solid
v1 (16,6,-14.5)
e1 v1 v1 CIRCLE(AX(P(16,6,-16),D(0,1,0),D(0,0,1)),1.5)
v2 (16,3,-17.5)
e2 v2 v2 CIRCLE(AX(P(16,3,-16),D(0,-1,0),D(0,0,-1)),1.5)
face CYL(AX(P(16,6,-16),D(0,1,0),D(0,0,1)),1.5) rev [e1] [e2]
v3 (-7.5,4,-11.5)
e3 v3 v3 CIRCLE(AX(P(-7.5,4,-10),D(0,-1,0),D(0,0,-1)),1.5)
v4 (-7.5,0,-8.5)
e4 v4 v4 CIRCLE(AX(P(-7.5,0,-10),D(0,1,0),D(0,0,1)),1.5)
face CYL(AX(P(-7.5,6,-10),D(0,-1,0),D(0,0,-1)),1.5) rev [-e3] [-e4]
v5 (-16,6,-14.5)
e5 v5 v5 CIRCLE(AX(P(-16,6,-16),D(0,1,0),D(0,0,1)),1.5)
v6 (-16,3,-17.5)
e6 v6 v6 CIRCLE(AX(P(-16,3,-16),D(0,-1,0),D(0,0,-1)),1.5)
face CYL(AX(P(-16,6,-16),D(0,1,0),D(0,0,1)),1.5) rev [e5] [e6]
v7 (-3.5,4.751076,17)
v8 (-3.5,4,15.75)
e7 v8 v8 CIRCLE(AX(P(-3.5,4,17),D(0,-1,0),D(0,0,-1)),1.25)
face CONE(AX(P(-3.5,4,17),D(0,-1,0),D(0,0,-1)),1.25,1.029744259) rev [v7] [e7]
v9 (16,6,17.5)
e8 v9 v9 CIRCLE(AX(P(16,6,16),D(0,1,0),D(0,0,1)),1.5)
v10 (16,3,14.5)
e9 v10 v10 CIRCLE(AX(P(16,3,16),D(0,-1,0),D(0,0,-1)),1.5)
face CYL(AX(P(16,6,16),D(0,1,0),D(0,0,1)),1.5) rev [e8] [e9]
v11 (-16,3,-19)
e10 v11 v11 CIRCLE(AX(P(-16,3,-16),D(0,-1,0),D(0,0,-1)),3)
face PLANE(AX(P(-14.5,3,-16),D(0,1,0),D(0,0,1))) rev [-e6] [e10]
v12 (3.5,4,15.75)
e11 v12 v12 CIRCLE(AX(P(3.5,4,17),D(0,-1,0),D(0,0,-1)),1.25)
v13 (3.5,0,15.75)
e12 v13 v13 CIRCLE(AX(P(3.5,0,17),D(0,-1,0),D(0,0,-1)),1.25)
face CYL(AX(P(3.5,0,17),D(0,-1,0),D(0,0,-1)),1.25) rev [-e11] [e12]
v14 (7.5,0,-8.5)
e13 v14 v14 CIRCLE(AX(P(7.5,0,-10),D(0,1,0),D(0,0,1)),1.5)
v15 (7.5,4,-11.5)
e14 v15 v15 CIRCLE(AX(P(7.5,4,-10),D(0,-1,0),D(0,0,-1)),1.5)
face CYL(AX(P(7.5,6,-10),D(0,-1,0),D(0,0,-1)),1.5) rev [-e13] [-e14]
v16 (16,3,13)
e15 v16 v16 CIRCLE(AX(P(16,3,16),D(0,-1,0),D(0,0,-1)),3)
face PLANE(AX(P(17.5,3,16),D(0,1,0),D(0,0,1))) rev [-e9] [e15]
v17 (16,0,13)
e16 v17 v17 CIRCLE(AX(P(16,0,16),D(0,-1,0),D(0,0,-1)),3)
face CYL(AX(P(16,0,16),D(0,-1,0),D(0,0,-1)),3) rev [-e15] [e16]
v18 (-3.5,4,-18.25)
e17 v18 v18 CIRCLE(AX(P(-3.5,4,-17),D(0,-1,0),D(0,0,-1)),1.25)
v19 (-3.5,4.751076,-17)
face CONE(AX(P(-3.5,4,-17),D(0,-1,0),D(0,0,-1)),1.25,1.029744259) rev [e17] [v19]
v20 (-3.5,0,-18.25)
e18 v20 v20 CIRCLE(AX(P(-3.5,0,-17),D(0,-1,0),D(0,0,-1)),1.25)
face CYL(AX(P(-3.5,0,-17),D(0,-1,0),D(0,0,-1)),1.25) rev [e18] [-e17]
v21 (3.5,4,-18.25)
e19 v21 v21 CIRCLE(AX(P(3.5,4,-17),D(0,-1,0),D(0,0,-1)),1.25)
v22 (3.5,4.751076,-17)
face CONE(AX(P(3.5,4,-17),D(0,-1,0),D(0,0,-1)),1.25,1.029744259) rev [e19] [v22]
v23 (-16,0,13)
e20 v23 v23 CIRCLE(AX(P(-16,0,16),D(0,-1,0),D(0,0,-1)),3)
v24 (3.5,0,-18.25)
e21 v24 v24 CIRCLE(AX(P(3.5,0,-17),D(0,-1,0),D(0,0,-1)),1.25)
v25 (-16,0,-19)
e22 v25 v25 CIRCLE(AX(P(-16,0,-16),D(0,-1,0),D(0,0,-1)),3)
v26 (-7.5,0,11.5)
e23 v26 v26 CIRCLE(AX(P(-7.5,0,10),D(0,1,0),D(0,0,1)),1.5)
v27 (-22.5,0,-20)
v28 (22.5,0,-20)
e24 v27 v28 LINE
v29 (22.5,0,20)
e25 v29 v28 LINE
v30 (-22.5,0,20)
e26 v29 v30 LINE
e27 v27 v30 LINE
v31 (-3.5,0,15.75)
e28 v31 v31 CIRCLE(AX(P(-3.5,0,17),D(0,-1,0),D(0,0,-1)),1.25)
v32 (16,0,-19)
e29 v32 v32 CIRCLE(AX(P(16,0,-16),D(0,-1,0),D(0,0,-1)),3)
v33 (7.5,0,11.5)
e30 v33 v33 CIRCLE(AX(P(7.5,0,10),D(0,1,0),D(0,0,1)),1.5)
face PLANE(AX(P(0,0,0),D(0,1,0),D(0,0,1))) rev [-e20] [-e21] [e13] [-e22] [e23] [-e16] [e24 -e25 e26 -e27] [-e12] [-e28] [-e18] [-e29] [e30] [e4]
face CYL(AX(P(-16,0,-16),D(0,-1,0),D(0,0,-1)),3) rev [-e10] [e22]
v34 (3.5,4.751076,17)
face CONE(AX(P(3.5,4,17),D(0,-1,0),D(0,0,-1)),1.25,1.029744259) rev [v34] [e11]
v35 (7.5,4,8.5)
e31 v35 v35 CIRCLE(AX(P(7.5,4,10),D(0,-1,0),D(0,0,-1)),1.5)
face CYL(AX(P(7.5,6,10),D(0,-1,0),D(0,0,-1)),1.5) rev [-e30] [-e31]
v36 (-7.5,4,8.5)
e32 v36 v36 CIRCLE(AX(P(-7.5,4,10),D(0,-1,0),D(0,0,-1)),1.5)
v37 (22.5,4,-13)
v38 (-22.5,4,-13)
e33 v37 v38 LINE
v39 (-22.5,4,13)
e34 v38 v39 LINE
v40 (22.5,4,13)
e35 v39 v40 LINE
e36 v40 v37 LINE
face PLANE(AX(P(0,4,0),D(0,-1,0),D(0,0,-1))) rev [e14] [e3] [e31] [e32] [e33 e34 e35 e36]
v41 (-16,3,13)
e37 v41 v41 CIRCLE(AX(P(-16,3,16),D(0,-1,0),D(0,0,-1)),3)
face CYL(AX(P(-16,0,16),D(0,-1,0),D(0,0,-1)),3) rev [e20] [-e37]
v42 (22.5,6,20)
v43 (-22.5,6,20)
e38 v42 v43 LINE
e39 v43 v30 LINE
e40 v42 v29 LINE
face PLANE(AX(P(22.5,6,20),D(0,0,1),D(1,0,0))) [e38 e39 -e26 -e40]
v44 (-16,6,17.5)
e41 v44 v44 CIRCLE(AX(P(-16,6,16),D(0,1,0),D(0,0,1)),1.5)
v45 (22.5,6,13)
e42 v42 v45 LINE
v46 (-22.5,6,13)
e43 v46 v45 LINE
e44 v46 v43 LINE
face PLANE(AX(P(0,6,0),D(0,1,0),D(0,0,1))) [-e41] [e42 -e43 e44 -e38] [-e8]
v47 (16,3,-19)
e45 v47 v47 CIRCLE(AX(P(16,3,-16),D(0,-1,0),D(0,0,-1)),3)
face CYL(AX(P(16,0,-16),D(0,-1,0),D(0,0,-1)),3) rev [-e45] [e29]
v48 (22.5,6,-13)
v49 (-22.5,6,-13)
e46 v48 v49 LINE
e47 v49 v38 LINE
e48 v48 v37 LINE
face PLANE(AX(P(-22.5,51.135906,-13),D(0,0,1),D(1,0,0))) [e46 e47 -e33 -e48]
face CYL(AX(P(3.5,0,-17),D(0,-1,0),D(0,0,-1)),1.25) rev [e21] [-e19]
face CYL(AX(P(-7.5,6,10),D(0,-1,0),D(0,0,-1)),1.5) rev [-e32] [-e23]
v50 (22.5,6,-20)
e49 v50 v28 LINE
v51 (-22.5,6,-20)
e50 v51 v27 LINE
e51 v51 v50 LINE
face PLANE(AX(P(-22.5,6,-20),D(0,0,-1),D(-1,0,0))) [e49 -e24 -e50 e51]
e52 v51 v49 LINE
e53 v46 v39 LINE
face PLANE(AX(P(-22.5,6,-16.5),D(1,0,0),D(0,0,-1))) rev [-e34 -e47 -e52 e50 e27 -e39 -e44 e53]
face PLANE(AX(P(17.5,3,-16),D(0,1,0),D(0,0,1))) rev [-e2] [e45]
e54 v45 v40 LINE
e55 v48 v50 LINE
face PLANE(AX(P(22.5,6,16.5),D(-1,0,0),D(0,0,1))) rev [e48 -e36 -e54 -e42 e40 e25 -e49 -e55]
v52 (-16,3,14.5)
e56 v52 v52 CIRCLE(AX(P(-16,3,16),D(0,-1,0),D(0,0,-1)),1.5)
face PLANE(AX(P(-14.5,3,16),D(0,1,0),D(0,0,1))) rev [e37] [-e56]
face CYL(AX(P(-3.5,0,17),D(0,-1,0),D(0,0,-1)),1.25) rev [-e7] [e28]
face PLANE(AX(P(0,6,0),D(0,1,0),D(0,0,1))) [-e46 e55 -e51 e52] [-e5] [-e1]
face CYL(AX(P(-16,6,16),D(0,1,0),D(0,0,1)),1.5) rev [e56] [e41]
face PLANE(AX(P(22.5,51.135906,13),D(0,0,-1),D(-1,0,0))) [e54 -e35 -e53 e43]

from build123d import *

# Parameters (mm, degrees)
SKETCH_2_W                = 45
SKETCH_2_H                = 33
SKETCH_2_R                = 1.5
EXTRUDE_1_DEPTH           = 6
SKETCH_3_W                = 45
SKETCH_3_H                = 3.5
EXTRUDE_2_DEPTH           = 6
SKETCH_20_W               = 45
SKETCH_20_H               = 27.5
CUT_EXTRUDE_5_DEPTH       = 2
EXTRUDE_START             = -2
SKETCH_21_W               = 45
SKETCH_21_H               = 3.5
EXTRUDE_3_DEPTH           = 2
HOLE_WIZARD_3_0_3_1_D     = 3
HOLE_WIZARD_3_0_3_1_DEPTH = 6
HOLE_WIZARD_M3_2_D        = 2.5
HOLE_WIZARD_M3_2_DEPTH    = 4
HOLE_WIZARD_M3_2_TIP      = 0.751075774
HOLE_WIZARD_1_D           = 3
HOLE_WIZARD_1_DEPTH       = 6
HOLE_WIZARD_1_CBORE_D     = 6
HOLE_WIZARD_1_CBORE_DEPTH = 3


with BuildPart() as part:
    # 草图2 → 凸台-拉伸1 (new body)
    with BuildSketch(Plane(origin=(0, 0, 0), x_dir=(1, 0, 0), z_dir=(0, 1, 0))):
        Rectangle(SKETCH_2_W, SKETCH_2_H)
        with Locations((-7.5, 10)):
            Circle(SKETCH_2_R, mode=Mode.SUBTRACT)
        with Locations((7.5, 10)):
            Circle(SKETCH_2_R, mode=Mode.SUBTRACT)
        with Locations((-7.5, -10)):
            Circle(SKETCH_2_R, mode=Mode.SUBTRACT)
        with Locations((7.5, -10)):
            Circle(SKETCH_2_R, mode=Mode.SUBTRACT)
    extrude(amount=EXTRUDE_1_DEPTH)

    # 草图3 → 凸台-拉伸2 (add)
    with BuildSketch(Plane.XZ):
        with Locations((0, -18.25)):
            Rectangle(SKETCH_3_W, SKETCH_3_H)
        with Locations((0, 18.25)):
            Rectangle(SKETCH_3_W, SKETCH_3_H)
    extrude(amount=-EXTRUDE_2_DEPTH)

    # 草图20 → 切除-拉伸5 (cut)
    with BuildSketch(Plane(origin=(0, 6, 0), x_dir=(1, 0, 0), z_dir=(0, 1, 0))):
        Rectangle(SKETCH_20_W, SKETCH_20_H)
    extrude(amount=-CUT_EXTRUDE_5_DEPTH, mode=Mode.SUBTRACT)

    # 草图21 → 凸台-拉伸3 (add)
    with BuildSketch(Plane.XZ.offset(-4).offset(EXTRUDE_START)):
        with Locations((0, -14.75)):
            Rectangle(SKETCH_21_W, SKETCH_21_H)
        with Locations((0, 14.75)):
            Rectangle(SKETCH_21_W, SKETCH_21_H)
    extrude(amount=EXTRUDE_3_DEPTH)

    # Ø3.0 (3) 直径孔1
    with Locations(Plane(origin=(0, 6, 0), x_dir=(1, 0, 0), z_dir=(0, 1, 0))):
        with Locations((-16, 16), (16, 16), (16, -16), (-16, -16)):
            Hole(HOLE_WIZARD_3_0_3_1_D / 2, depth=HOLE_WIZARD_3_0_3_1_DEPTH)

    # M3 螺纹孔2
    with Locations(Plane(origin=(0, 0, 0), x_dir=(-1, 0, 0), z_dir=(0, -1, 0))):
        with Locations((3.5, -17), (-3.5, -17), (-3.5, 17), (3.5, 17)):
            Hole(HOLE_WIZARD_M3_2_D / 2, depth=HOLE_WIZARD_M3_2_DEPTH)
            with Locations((0, 0, -(HOLE_WIZARD_M3_2_DEPTH + HOLE_WIZARD_M3_2_TIP / 2))):  # 118° drill point
                Cone(0, HOLE_WIZARD_M3_2_D / 2, HOLE_WIZARD_M3_2_TIP, mode=Mode.SUBTRACT)

    # 打孔尺寸(%根据)内六角圆柱头螺钉的类型1
    with Locations(Plane(origin=(0, 0, 0), x_dir=(-1, 0, 0), z_dir=(0, -1, 0))):
        with Locations((-16, 16), (16, 16), (16, -16), (-16, -16)):
            CounterBoreHole(HOLE_WIZARD_1_D / 2, HOLE_WIZARD_1_CBORE_D / 2, HOLE_WIZARD_1_CBORE_DEPTH, depth=HOLE_WIZARD_1_DEPTH)


solid = part.part
